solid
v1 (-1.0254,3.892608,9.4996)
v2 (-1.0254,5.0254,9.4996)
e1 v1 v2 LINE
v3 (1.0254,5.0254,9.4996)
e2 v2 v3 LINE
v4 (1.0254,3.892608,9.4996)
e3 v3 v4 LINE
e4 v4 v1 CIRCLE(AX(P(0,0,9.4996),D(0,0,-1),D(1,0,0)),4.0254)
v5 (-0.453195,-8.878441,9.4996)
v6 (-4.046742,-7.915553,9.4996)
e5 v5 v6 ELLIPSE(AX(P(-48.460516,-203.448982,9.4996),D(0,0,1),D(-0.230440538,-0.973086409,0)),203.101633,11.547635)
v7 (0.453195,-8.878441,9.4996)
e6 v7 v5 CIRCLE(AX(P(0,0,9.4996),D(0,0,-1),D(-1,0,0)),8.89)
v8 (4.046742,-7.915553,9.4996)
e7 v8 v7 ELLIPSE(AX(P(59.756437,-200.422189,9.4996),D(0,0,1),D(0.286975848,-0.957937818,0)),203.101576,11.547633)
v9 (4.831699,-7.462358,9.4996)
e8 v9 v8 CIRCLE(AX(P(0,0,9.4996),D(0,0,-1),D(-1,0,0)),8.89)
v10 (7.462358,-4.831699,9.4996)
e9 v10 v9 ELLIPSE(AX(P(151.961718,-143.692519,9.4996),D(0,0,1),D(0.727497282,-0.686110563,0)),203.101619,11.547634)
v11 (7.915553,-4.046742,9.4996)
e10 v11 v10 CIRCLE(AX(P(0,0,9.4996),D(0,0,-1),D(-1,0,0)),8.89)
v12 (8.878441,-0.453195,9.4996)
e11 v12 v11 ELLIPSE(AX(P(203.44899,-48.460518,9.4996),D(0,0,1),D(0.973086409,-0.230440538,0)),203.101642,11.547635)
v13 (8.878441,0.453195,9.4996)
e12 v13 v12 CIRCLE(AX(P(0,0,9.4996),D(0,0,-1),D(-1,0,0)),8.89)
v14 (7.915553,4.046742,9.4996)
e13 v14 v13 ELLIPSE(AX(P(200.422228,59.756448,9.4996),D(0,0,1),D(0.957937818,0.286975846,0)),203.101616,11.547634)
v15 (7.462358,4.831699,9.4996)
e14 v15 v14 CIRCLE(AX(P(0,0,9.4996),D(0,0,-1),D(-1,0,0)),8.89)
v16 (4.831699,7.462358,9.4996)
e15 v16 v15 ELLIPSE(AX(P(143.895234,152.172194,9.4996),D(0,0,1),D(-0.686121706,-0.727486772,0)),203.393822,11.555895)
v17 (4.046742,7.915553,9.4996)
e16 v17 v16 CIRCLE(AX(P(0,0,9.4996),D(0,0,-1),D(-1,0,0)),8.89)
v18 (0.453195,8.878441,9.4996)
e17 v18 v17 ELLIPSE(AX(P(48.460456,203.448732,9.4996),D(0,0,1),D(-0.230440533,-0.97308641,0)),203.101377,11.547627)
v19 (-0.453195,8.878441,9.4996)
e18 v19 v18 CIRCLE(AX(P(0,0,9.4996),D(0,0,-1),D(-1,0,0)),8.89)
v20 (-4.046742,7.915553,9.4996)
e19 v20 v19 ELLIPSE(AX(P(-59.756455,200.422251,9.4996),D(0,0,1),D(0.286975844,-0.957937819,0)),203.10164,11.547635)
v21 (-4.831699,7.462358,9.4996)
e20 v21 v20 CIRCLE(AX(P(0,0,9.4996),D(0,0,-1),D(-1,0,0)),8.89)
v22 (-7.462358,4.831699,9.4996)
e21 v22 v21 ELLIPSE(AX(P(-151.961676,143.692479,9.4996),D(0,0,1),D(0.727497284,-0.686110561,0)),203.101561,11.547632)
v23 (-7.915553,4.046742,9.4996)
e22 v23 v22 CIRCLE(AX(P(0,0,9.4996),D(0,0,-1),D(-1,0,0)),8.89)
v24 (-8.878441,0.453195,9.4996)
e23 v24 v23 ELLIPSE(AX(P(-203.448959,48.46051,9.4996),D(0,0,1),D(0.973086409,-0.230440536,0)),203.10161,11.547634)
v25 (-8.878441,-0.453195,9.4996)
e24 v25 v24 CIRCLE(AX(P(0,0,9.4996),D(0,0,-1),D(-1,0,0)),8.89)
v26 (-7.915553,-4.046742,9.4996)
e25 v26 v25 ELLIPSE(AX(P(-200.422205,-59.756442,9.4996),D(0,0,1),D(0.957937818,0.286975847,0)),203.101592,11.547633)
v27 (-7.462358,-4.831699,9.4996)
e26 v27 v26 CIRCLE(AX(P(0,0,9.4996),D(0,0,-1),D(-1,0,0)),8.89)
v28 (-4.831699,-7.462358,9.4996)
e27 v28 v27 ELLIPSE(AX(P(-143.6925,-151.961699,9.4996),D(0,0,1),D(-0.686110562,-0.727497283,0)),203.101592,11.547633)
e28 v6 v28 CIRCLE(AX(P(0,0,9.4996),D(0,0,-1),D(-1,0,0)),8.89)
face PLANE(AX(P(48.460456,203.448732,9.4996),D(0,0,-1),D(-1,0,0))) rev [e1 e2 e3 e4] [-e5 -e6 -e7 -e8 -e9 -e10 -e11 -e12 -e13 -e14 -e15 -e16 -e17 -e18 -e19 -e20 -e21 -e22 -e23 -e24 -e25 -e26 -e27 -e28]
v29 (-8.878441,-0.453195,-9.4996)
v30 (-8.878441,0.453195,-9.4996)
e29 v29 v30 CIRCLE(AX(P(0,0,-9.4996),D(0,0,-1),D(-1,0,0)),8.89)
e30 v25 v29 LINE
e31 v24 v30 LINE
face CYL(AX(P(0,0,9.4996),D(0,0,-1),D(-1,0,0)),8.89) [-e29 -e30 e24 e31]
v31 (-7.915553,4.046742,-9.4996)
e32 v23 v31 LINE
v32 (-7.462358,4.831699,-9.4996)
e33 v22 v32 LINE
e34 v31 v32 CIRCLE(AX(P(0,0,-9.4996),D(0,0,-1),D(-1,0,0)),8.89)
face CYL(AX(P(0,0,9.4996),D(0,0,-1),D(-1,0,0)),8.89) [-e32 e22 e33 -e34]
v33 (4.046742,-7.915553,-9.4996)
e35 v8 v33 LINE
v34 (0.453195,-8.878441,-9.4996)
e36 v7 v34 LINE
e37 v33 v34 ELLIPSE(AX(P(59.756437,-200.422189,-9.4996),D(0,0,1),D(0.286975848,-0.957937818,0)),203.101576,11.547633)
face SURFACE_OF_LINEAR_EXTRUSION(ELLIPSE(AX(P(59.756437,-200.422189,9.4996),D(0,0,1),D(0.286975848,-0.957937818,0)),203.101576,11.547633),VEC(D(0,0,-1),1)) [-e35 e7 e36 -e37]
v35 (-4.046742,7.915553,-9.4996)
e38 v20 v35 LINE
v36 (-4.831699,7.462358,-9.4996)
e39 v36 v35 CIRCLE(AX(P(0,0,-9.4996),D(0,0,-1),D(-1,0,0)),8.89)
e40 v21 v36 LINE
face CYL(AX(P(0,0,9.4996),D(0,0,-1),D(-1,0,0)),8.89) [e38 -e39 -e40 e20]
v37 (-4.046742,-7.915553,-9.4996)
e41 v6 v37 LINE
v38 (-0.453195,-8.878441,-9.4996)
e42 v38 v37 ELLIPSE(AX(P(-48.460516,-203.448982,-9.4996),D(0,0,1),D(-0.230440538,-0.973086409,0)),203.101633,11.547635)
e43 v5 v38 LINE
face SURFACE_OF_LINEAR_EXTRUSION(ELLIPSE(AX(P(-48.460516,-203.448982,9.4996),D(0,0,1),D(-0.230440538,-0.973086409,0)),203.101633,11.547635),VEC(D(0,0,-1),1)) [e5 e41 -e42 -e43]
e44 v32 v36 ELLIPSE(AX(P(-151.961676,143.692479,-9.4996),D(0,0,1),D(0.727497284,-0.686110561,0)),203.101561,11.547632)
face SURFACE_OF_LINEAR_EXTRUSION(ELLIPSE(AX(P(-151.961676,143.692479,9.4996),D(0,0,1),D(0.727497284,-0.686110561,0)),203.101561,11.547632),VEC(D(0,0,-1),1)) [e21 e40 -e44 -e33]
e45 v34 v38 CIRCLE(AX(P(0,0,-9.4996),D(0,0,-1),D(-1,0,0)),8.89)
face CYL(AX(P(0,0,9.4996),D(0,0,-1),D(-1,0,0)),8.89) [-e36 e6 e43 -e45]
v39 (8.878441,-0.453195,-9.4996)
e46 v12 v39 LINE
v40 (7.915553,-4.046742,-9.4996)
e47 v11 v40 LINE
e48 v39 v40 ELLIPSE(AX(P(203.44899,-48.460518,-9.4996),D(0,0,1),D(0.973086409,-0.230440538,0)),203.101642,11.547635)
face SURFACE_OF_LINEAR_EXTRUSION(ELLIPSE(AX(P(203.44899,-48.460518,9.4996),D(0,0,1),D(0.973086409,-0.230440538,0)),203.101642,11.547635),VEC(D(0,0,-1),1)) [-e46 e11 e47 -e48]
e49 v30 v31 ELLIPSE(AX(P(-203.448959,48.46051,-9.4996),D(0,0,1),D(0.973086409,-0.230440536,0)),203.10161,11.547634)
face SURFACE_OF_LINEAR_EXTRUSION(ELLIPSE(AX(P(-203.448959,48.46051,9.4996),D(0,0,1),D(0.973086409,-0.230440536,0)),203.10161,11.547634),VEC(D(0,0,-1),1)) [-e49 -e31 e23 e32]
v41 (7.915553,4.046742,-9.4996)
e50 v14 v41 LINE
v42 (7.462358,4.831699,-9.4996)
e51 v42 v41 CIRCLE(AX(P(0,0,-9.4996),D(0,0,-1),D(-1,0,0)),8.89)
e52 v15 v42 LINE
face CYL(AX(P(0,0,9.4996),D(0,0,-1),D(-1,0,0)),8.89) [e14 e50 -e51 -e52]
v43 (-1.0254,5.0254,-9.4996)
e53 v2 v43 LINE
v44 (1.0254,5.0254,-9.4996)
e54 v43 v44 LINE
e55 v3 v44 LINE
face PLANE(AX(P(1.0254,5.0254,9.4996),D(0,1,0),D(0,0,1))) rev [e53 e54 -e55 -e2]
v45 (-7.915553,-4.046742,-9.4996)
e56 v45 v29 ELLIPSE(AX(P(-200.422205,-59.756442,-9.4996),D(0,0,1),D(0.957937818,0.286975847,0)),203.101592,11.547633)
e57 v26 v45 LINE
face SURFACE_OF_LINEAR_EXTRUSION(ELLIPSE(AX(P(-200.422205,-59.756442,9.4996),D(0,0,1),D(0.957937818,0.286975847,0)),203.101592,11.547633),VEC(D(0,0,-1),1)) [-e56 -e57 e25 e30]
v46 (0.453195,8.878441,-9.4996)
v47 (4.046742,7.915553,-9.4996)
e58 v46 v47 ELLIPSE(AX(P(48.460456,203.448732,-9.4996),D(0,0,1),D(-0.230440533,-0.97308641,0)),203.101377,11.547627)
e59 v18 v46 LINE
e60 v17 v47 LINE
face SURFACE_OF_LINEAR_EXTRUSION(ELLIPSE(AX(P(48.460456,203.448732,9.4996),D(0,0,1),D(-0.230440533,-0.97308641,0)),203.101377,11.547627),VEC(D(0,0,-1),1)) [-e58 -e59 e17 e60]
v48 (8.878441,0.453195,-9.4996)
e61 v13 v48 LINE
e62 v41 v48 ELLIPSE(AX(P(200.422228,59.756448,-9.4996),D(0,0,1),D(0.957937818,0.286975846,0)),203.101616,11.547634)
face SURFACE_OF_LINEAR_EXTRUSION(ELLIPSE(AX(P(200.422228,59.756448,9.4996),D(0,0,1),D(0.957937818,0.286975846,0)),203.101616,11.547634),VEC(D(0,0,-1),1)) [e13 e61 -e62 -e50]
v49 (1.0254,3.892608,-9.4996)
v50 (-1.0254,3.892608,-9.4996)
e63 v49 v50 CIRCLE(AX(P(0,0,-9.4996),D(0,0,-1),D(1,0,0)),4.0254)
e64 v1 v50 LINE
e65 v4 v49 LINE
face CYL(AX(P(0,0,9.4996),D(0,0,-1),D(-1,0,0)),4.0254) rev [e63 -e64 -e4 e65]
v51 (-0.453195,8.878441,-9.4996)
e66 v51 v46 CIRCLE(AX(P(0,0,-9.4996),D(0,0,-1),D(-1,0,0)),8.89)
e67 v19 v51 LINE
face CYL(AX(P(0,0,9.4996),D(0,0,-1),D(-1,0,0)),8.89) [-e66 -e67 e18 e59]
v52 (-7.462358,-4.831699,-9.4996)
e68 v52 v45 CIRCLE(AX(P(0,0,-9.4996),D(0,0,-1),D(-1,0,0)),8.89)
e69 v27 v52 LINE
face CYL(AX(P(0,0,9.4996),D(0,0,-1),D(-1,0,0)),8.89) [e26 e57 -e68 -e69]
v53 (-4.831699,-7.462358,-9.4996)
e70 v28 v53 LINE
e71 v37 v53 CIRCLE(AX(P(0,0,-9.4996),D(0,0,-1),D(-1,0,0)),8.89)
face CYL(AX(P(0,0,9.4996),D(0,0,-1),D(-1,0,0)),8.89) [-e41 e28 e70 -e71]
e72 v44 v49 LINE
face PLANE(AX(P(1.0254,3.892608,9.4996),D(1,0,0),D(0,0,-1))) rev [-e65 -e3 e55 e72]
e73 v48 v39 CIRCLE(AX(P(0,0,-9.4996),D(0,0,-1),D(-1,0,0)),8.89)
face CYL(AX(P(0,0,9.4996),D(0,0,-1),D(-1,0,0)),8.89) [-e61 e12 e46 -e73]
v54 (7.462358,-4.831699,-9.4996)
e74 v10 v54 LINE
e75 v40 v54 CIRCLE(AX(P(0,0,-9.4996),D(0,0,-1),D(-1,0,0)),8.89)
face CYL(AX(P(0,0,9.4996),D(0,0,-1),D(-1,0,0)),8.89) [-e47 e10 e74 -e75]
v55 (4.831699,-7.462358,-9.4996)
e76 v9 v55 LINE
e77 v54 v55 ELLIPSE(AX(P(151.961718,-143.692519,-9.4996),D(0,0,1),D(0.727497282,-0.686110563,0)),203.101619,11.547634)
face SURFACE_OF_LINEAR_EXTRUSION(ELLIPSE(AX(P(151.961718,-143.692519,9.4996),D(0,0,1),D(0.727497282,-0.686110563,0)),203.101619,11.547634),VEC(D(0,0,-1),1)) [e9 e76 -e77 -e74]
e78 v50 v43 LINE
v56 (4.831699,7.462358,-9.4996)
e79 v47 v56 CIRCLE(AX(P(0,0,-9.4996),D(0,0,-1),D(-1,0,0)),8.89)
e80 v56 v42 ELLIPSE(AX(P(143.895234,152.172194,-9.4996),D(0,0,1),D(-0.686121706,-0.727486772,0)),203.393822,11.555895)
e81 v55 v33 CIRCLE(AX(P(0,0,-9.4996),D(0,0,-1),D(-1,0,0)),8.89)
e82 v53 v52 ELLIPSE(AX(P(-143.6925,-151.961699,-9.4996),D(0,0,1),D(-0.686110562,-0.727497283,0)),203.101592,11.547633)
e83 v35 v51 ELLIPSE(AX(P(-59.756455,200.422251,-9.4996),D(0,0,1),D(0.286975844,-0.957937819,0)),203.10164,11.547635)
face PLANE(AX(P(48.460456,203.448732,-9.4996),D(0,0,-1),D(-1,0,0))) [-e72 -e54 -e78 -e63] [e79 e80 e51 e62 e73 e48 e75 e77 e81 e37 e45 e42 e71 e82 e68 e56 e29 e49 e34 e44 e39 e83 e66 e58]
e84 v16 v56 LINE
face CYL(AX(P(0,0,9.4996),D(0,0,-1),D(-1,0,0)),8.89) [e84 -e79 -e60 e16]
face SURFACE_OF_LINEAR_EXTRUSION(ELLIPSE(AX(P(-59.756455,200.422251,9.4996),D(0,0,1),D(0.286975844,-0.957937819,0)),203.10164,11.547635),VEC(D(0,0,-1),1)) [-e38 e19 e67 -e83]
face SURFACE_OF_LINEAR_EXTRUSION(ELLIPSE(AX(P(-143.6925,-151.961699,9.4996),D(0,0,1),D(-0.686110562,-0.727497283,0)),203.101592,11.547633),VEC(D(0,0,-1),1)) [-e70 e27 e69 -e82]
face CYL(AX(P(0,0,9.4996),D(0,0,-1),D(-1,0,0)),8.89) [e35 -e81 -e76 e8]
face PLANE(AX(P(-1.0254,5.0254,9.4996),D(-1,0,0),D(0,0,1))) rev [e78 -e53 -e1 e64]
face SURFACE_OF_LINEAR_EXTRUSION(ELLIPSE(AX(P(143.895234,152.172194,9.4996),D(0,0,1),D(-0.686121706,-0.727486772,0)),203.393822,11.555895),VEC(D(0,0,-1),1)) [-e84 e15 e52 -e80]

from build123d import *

# Parameters (mm, degrees)
BOSS_EXTRUDE1_DEPTH = 18.9992


with BuildPart() as part:
    # Sketch1 → Boss-Extrude1 (new body)
    with BuildSketch(Plane(origin=(0, 0, -9.4996), x_dir=(-1, 0, 0), z_dir=(0, 0, -1))):
        with BuildLine():
            ThreePointArc((-4.046742078, 7.915552874), (-4.444999971, 7.698965776), (-4.831698847, 7.462357872))
            add(Edge.make_bspline(
                [(-7.462357877, 4.831698842), (-2.486033618, 2.266053201), (-4.831698847, 7.462357872)],
                knots=[2.981650964, 2.981650964, 2.981650964, 3.304859407, 3.304859407, 3.304859407], degree=2, weights=[1, 0.986970431, 1]))
            ThreePointArc((-7.462357877, 4.831698842), (-7.698965785, 4.444999958), (-7.915552888, 4.046742057))
            add(Edge.make_bspline(
                [(-8.878440918, 0.453194985), (-3.285963409, 0.719349124), (-7.915552888, 4.046742057)],
                knots=[2.981536483, 2.981536483, 2.981536483, 3.304978035, 3.304978035, 3.304978035], degree=2, weights=[1, 0.986951671, 1]))
            ThreePointArc((-8.878440918, 0.453194985), (-8.889999934, -1.8e-08), (-8.878440916, -0.453195021))
            add(Edge.make_bspline(
                [(-7.915552875, -4.046742089), (-3.205402358, -1.020007084), (-8.878440916, -0.453195021)],
                knots=[2.981536493, 2.981536493, 2.981536493, 3.304978025, 3.304978025, 3.304978025], degree=2, weights=[1, 0.986951673, 1]))
            ThreePointArc((-7.915552875, -4.046742089), (-7.698965776, -4.444999983), (-7.462357871, -4.831698859))
            add(Edge.make_bspline(
                [(-4.831698833, -7.46235789), (-2.265956324, -2.486053227), (-7.462357871, -4.831698859)],
                knots=[6.123129138, 6.123129138, 6.123129138, 6.446570687, 6.446570687, 6.446570687], degree=2, weights=[1, 0.986951671, 1]))
            ThreePointArc((-4.831698833, -7.46235789), (-4.444999956, -7.698965793), (-4.046742062, -7.915552891))
            add(Edge.make_bspline(
                [(-0.45319499, -8.878440921), (-0.719349115, -3.285963407), (-4.046742062, -7.915552891)],
                knots=[2.981536467, 2.981536467, 2.981536467, 3.304978051, 3.304978051, 3.304978051], degree=2, weights=[1, 0.986951668, 1]))
            ThreePointArc((-0.45319499, -8.878440921), (1.3e-08, -8.889999937), (0.453195016, -8.87844092))
            add(Edge.make_bspline(
                [(4.046742084, -7.915552879), (1.02000708, -3.205402359), (0.453195016, -8.87844092)],
                knots=[2.98153649, 2.98153649, 2.98153649, 3.304978028, 3.304978028, 3.304978028], degree=2, weights=[1, 0.986951672, 1]))
            ThreePointArc((4.046742084, -7.915552879), (4.444999978, -7.698965779), (4.831698854, -7.462357875))
            add(Edge.make_bspline(
                [(7.462357885, -4.831698836), (2.486053224, -2.265956318), (4.831698854, -7.462357875)],
                knots=[2.981536473, 2.981536473, 2.981536473, 3.304978045, 3.304978045, 3.304978045], degree=2, weights=[1, 0.986951669, 1]))
            ThreePointArc((7.462357885, -4.831698836), (7.698965788, -4.444999959), (7.915552886, -4.046742065))
            add(Edge.make_bspline(
                [(8.878440916, -0.453194993), (3.285963404, -0.719349124), (7.915552886, -4.046742065)],
                knots=[6.123129127, 6.123129127, 6.123129127, 6.446570698, 6.446570698, 6.446570698], degree=2, weights=[1, 0.986951669, 1]))
            ThreePointArc((8.878440916, -0.453194993), (8.889999932, 1e-08), (8.878440915, 0.453195012))
            add(Edge.make_bspline(
                [(7.915552874, 4.046742081), (3.205402348, 1.020007083), (8.878440915, 0.453195012)],
                knots=[2.981536481, 2.981536481, 2.981536481, 3.304978038, 3.304978038, 3.304978038], degree=2, weights=[1, 0.986951671, 1]))
            ThreePointArc((7.915552874, 4.046742081), (7.698965774, 4.444999975), (7.46235787, 4.831698851))
            add(Edge.make_bspline(
                [(4.831698831, 7.462357882), (2.265956303, 2.486053223), (7.46235787, 4.831698851)],
                knots=[2.981536461, 2.981536461, 2.981536461, 3.304978057, 3.304978057, 3.304978057], degree=2, weights=[1, 0.986951667, 1]))
            ThreePointArc((4.831698831, 7.462357882), (4.444999954, 7.698965785), (4.04674206, 7.915552883))
            add(Edge.make_bspline(
                [(0.453194988, 8.878440913), (0.719349134, 3.285963406), (4.04674206, 7.915552883)],
                knots=[6.123129146, 6.123129146, 6.123129146, 6.446570679, 6.446570679, 6.446570679], degree=2, weights=[1, 0.986951673, 1]))
            ThreePointArc((0.453194988, 8.878440913), (-1.5e-08, 8.889999929), (-0.453195017, 8.878440911))
            add(Edge.make_bspline(
                [(-4.046742078, 7.915552874), (-1.020007093, 3.2054023), (-0.453195017, 8.878440911)],
                knots=[6.123129042, 6.123129042, 6.123129042, 6.446570785, 6.446570785, 6.446570785], degree=2, weights=[1, 0.986951656, 1]))
        make_face()
        with BuildLine():
            Line((-1.025400001, 3.892608376), (-1.025400001, 5.025399996))
            Line((-1.025400001, 5.025399996), (1.025399999, 5.025399996))
            Line((1.025399999, 5.025399996), (1.025399999, 3.892608376))
            ThreePointArc((1.025399999, 3.892608376), (-1e-09, -4.025400004), (-1.025400001, 3.892608376))
        make_face(mode=Mode.SUBTRACT)
    extrude(amount=-BOSS_EXTRUDE1_DEPTH)


solid = part.part
